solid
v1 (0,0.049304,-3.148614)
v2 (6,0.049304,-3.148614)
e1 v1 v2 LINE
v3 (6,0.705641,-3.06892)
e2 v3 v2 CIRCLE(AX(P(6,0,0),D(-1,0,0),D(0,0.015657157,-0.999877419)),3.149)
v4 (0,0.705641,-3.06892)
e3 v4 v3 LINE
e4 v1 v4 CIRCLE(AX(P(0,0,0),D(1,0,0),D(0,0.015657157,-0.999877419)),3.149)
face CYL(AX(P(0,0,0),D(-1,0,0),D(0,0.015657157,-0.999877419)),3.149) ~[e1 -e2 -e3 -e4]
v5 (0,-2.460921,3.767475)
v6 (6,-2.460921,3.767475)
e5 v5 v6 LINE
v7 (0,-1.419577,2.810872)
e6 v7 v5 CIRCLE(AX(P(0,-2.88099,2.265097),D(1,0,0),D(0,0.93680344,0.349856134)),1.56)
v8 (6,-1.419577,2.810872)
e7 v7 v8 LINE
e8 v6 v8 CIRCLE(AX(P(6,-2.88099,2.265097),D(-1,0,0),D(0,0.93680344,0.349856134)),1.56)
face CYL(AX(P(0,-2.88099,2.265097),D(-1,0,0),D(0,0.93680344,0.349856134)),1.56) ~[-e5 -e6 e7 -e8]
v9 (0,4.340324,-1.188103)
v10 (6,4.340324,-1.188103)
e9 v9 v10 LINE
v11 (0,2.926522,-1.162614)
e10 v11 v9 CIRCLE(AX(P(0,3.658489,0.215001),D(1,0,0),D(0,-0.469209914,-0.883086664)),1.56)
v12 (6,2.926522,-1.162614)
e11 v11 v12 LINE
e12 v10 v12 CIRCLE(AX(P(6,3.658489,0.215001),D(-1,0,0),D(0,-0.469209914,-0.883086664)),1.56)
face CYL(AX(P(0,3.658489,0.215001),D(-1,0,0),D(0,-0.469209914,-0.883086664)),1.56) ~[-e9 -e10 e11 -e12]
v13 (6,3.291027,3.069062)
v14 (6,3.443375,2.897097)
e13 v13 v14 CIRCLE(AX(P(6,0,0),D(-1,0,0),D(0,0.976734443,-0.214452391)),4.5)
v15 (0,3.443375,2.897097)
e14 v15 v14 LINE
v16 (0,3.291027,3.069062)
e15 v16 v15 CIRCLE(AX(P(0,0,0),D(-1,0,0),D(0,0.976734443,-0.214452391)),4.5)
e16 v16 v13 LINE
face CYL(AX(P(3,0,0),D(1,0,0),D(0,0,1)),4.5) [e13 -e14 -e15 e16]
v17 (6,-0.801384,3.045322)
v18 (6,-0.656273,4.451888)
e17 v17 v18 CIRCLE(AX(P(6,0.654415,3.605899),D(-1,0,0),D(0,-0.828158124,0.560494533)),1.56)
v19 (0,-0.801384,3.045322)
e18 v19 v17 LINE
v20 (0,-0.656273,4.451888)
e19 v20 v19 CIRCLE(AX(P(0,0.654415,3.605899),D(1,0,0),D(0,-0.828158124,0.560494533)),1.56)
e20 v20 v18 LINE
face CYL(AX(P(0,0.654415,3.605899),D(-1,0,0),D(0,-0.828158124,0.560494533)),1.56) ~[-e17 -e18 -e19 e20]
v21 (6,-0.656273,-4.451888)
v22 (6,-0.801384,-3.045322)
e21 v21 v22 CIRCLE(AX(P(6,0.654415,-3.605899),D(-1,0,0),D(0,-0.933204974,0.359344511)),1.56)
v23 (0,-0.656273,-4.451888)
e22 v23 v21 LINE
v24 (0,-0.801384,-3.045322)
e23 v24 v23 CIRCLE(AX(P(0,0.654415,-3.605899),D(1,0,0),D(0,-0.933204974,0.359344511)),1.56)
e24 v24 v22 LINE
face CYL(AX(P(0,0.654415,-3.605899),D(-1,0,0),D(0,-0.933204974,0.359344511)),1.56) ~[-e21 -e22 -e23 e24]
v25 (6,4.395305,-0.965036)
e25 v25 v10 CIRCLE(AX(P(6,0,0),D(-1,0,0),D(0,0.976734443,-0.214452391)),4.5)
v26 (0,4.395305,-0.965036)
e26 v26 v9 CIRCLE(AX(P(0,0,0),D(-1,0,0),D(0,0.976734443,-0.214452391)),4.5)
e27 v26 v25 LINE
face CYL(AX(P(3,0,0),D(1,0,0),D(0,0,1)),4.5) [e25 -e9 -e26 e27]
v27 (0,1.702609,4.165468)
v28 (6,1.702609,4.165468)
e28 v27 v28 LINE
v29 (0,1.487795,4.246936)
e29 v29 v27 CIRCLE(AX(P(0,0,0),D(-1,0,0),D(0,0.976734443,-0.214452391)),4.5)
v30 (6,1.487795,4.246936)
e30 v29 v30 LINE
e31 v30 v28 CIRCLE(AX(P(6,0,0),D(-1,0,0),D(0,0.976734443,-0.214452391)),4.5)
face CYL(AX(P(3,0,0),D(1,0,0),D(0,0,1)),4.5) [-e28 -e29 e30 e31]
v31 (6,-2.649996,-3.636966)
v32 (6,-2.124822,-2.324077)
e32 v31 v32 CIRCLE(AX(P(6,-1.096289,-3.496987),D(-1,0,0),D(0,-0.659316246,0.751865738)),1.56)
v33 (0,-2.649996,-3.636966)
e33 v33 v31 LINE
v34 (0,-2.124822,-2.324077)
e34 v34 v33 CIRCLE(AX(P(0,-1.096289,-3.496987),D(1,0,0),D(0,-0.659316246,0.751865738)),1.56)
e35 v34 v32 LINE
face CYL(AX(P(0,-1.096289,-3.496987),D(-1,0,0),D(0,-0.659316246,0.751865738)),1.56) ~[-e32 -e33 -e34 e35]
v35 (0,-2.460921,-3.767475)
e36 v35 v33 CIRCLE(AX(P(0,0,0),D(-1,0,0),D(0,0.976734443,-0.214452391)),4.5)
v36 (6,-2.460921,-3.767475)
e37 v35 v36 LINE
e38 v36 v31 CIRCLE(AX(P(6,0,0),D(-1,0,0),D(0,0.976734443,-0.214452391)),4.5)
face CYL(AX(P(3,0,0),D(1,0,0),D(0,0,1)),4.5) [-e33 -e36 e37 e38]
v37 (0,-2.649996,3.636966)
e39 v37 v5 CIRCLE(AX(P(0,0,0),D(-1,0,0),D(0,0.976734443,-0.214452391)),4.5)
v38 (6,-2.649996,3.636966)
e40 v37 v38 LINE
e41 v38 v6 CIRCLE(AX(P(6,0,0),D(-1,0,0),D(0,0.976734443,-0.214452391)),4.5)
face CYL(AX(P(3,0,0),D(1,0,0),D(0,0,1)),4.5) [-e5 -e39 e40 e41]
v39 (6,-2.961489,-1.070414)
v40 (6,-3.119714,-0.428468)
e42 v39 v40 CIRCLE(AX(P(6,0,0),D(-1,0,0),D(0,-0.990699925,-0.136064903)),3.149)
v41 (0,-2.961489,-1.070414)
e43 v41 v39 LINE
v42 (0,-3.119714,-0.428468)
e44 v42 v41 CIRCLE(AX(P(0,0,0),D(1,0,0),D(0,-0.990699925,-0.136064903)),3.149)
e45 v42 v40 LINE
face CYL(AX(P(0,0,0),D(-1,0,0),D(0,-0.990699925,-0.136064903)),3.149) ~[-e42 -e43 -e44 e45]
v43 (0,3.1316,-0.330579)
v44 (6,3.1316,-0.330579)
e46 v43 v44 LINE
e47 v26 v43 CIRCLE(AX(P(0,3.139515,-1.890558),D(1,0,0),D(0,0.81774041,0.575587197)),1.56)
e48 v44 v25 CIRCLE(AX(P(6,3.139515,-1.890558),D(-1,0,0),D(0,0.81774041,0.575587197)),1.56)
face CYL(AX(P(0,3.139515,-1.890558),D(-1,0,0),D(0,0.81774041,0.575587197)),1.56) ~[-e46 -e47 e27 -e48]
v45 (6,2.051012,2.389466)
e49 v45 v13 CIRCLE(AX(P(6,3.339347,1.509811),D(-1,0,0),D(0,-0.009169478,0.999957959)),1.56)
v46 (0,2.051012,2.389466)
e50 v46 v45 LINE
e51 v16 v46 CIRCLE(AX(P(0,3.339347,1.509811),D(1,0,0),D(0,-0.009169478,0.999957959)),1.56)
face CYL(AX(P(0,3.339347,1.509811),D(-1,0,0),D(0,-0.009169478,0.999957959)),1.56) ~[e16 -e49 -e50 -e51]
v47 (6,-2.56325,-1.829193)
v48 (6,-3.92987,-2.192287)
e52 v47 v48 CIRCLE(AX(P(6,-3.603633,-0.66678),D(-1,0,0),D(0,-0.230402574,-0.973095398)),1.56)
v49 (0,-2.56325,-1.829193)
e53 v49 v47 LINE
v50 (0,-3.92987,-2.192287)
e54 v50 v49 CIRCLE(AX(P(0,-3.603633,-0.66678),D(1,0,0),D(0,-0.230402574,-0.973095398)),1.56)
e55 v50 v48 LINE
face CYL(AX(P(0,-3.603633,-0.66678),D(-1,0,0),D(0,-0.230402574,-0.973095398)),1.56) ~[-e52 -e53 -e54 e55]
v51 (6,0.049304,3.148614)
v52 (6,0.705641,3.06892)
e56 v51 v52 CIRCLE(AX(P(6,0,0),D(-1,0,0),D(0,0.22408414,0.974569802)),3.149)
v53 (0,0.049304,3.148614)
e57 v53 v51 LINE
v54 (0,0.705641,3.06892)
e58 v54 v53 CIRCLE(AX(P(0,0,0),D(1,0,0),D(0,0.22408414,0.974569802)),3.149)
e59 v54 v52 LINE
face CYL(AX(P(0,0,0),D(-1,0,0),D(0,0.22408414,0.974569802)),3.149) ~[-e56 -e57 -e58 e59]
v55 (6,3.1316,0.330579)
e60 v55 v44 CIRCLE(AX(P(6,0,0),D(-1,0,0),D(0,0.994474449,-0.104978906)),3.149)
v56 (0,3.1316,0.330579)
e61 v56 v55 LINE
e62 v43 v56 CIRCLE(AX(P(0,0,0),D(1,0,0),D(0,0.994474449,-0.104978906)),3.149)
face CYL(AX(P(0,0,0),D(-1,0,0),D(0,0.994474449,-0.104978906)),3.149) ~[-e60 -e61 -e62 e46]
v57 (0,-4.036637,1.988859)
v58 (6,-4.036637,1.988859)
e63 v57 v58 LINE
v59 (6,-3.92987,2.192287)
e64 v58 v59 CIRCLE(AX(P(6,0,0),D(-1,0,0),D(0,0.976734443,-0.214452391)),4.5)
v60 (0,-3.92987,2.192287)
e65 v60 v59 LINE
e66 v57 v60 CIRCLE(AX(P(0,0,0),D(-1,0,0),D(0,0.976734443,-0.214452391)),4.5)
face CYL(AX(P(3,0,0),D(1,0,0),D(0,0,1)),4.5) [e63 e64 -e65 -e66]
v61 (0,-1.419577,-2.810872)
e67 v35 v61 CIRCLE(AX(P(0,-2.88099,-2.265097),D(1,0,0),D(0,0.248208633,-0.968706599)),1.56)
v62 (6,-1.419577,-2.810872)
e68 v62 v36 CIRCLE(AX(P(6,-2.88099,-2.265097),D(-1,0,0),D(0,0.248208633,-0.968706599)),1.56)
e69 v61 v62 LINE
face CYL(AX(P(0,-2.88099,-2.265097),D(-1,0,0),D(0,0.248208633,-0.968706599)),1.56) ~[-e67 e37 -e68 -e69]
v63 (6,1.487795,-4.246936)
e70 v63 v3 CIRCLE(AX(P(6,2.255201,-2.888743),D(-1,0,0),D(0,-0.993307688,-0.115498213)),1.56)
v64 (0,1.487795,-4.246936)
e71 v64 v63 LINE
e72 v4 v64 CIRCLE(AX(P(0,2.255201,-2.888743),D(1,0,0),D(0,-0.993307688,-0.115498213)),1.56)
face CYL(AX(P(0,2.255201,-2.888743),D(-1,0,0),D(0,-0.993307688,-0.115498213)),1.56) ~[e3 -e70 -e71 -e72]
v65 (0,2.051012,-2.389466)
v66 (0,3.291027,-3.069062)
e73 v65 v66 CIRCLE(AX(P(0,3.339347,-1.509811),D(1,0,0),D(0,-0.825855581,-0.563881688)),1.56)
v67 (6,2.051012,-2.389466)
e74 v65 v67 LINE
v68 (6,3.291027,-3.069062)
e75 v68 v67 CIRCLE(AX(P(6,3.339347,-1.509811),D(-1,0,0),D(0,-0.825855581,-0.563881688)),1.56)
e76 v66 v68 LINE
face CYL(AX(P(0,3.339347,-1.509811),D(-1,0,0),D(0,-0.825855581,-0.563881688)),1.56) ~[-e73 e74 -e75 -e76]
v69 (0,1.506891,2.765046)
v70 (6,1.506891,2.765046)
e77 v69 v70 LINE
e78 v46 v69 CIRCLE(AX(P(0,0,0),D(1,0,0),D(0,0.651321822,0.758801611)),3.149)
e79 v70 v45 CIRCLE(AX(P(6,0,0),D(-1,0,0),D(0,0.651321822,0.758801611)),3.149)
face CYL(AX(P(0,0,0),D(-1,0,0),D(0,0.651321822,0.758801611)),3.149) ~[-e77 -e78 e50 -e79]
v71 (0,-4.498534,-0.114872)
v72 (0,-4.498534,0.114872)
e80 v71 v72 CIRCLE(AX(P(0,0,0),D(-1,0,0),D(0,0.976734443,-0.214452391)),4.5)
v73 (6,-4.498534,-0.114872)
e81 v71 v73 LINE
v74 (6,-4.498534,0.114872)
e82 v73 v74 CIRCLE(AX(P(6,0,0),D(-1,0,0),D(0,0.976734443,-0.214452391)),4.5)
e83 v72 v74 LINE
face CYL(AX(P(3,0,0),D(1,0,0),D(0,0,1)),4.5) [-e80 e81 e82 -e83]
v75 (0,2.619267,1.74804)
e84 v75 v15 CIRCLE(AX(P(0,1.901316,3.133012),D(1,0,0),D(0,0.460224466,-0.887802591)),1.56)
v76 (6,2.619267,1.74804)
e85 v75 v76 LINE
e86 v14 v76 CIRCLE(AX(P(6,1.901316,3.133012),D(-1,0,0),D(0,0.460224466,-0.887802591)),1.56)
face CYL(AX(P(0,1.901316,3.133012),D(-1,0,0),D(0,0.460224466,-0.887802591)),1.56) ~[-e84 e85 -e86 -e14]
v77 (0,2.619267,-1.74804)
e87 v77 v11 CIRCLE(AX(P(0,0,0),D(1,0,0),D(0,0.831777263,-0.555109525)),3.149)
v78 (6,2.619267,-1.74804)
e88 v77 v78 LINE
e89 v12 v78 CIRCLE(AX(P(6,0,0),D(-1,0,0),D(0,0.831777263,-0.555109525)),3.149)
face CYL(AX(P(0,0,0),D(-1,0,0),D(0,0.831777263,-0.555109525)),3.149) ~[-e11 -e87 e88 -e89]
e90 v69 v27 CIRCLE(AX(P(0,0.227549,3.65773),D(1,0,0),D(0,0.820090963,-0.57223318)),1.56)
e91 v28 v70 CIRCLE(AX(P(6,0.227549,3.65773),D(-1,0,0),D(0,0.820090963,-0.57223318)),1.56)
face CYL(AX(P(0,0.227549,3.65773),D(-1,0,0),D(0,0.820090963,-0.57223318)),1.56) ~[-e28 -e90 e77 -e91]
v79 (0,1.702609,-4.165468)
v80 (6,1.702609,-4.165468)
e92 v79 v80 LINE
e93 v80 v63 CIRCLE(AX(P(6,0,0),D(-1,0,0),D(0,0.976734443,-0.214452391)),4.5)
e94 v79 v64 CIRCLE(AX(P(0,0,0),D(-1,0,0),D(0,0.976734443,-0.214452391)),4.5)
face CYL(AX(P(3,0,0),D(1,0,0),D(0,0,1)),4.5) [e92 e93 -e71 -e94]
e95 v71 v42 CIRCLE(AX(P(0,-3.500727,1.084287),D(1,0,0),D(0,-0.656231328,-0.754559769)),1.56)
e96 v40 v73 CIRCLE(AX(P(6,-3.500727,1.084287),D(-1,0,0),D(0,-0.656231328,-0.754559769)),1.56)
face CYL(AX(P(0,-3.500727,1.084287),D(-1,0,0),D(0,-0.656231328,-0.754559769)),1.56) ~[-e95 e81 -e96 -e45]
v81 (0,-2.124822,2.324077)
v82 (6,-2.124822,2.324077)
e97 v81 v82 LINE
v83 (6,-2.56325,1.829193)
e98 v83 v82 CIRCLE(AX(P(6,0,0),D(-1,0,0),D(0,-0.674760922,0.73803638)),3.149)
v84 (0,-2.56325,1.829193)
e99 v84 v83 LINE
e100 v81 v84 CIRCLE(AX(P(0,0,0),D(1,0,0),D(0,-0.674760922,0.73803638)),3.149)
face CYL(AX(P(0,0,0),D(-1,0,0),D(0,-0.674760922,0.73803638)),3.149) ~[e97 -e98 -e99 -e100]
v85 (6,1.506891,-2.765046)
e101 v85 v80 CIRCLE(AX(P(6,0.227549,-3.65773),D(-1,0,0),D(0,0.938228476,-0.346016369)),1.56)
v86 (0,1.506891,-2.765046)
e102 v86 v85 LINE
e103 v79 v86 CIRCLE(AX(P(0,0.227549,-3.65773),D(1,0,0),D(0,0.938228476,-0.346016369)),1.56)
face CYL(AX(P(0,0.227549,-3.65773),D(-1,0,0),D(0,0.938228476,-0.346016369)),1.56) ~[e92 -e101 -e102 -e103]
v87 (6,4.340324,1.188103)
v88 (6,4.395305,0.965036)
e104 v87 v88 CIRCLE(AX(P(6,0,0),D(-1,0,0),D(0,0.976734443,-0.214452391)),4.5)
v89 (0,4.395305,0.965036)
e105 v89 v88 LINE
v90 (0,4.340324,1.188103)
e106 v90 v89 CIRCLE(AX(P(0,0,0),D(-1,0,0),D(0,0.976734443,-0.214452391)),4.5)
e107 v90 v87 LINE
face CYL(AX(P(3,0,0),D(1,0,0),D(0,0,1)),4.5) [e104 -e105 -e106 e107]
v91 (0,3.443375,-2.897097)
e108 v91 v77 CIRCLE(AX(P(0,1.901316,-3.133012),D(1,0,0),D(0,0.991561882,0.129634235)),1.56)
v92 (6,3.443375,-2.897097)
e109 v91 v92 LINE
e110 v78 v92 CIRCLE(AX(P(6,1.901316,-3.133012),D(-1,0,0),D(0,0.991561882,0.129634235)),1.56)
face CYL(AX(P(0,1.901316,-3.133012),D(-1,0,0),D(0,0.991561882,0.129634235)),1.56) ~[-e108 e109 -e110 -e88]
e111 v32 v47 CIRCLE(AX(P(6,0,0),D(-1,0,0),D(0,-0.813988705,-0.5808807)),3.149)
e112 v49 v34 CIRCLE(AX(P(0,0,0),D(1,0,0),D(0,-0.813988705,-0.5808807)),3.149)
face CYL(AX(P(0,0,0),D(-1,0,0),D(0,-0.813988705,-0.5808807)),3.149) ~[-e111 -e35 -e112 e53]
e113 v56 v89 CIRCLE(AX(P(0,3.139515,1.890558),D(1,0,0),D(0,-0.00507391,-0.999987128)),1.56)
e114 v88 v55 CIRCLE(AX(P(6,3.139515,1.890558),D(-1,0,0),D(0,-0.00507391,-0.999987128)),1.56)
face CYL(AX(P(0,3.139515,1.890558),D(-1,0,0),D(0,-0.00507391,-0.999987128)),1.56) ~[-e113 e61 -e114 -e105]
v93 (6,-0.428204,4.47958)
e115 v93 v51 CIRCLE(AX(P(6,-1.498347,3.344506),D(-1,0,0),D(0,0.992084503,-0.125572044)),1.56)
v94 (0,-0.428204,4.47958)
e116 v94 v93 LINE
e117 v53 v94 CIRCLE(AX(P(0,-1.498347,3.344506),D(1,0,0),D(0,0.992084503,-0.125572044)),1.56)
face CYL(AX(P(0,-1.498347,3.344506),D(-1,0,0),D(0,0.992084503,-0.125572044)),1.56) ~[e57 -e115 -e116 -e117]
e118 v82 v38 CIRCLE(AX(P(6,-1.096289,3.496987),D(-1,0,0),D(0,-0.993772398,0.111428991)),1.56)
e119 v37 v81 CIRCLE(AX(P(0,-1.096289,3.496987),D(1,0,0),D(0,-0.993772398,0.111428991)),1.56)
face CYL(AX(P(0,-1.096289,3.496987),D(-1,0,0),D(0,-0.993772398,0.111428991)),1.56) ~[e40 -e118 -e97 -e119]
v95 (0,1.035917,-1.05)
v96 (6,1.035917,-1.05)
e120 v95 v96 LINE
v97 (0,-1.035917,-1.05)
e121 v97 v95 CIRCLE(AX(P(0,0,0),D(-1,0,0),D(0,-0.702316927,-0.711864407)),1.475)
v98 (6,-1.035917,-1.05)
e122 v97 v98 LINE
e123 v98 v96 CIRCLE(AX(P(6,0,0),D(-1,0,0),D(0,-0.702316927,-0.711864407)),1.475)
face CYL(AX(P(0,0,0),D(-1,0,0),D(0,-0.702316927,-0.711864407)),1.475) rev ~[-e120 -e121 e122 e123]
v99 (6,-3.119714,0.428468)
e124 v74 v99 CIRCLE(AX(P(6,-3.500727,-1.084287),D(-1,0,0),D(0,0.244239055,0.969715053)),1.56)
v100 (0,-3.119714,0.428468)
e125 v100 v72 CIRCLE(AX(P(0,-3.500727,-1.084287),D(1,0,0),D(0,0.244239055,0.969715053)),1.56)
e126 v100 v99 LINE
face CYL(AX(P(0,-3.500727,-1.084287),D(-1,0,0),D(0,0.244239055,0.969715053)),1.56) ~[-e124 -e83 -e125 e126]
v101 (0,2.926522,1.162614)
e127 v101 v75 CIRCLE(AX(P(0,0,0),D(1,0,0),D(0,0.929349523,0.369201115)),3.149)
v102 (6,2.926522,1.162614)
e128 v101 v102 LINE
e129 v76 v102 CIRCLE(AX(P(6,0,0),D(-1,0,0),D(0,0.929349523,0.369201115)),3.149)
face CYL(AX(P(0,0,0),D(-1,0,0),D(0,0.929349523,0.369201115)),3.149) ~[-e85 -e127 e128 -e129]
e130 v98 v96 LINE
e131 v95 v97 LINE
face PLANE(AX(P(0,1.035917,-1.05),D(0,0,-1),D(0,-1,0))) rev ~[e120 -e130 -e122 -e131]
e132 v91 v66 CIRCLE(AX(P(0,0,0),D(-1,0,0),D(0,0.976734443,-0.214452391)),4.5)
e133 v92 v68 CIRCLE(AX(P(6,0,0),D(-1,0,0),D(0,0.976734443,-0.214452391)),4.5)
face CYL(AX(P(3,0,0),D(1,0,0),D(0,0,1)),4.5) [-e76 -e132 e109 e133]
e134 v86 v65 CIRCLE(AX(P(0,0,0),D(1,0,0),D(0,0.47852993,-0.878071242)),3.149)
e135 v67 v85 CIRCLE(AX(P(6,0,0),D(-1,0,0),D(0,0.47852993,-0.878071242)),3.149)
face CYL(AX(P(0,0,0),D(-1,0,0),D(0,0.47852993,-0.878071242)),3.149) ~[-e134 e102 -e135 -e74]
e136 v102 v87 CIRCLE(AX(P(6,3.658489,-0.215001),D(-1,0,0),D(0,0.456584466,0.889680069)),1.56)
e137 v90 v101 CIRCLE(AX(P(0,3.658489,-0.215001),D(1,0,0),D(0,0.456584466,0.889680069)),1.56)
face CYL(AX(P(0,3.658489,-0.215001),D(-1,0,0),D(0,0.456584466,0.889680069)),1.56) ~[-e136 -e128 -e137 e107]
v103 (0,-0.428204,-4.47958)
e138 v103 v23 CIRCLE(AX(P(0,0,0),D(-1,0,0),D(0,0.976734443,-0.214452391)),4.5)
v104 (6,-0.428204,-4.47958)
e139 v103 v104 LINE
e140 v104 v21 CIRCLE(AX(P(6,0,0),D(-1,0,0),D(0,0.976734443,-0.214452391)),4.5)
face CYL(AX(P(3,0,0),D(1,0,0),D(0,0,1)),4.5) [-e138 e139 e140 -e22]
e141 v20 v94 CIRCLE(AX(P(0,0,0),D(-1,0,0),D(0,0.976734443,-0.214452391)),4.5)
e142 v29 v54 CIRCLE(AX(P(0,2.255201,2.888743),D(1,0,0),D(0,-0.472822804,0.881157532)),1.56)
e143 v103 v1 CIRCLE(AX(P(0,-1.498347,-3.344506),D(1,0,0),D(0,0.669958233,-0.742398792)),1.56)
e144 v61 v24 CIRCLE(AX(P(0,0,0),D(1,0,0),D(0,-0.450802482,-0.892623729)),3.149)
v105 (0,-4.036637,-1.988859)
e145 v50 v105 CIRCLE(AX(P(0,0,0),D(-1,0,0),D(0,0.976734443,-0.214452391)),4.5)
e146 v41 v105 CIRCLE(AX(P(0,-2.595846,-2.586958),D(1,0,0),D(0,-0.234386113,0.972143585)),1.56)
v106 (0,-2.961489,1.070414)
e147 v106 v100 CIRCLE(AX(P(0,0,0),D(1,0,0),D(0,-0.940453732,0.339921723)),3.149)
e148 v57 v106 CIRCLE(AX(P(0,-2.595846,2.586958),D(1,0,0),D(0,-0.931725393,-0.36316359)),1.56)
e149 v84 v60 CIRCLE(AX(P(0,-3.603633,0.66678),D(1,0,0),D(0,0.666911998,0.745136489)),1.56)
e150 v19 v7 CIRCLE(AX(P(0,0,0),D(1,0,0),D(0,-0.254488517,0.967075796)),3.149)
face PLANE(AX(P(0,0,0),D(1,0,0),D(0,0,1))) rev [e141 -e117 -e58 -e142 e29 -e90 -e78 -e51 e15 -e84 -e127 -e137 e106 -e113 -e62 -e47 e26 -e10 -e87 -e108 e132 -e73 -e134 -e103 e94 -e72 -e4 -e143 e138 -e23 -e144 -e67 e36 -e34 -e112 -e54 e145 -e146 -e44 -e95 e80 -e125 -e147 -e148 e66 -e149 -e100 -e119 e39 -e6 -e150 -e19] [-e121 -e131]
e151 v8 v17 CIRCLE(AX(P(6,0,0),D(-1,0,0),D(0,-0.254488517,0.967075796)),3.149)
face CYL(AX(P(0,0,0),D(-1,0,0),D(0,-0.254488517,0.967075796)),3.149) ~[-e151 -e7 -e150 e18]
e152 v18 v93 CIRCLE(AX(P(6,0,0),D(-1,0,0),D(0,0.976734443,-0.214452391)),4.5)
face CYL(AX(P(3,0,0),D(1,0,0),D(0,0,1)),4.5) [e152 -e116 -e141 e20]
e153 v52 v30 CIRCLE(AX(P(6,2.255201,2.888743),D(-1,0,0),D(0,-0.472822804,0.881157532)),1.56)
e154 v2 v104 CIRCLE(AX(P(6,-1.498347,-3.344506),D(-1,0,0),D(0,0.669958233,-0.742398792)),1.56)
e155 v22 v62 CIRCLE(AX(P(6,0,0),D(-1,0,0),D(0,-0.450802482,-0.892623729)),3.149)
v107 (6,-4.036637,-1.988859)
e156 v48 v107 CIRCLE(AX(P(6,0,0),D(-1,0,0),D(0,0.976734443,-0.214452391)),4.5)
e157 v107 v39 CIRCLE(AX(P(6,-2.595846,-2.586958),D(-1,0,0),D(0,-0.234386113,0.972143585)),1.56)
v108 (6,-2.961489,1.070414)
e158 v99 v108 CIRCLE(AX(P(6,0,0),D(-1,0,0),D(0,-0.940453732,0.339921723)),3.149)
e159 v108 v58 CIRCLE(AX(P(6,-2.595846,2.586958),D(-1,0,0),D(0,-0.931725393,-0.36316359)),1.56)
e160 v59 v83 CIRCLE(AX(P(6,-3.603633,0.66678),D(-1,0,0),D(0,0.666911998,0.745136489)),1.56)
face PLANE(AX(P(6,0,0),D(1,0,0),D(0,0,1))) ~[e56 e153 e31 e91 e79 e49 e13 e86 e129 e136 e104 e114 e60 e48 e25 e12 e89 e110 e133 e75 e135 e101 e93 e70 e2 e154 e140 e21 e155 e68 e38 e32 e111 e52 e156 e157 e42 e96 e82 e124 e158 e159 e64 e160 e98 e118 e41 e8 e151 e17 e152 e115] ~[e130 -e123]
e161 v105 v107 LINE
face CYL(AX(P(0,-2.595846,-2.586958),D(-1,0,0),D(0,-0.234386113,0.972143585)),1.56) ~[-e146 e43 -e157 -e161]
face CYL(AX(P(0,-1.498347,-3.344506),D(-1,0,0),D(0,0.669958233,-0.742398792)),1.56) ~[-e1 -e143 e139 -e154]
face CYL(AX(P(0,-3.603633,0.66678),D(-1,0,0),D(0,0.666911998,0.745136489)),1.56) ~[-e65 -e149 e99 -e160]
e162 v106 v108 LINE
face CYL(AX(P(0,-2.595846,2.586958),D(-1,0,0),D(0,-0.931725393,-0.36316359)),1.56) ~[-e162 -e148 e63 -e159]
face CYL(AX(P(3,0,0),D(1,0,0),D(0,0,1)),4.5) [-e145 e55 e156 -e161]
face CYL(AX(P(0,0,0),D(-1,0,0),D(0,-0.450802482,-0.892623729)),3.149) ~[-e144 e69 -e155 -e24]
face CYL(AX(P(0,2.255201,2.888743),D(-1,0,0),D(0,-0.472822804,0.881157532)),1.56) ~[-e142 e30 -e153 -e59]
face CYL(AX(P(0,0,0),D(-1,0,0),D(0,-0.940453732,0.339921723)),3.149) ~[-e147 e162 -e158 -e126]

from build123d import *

# Parameters (mm, degrees)
BASPROSKE_W        = 6
BASPROSKE_H        = 4.5
TOOTHCUT_DEPTH     = 9.746427842
TEETHCUTS_COUNT    = 13
CUT_EXTRUDE1_REACH = 10.736


with BuildPart() as part:
    # BasProSke → Base-Revolve (revolve)
    with BuildSketch(Plane(origin=(0, 0, 0), x_dir=(1, 0, 0), z_dir=(0, 1, 0)), mode=Mode.PRIVATE) as base_revolve_sk:
        with Locations((3, 2.25)):
            Rectangle(BASPROSKE_W, BASPROSKE_H)
    revolve(base_revolve_sk.sketch.rotate(Axis((-10, 0, 0), (1, 0, 0)), 180), axis=Axis((-10, 0, 0), (1, 0, 0)))

    # TooCutSke → ToothCut (cut, through all)
    with BuildSketch(Plane(origin=(0, 0, 0), x_dir=(0, 0, -1), z_dir=(1, 0, 0))):
        with BuildLine():
            ThreePointArc((0.330578579, 3.131600039), (0, 3.149), (-0.330578579, 3.131600039))
            ThreePointArc((-0.330578579, 3.131600039), (-0.504119116, 3.854627805), (-0.992642471, 4.415190379))
            ThreePointArc((-0.992642471, 4.415190379), (0, 4.5254), (0.992642471, 4.415190379))
            ThreePointArc((0.992642471, 4.415190379), (0.504119116, 3.854627805), (0.330578579, 3.131600039))
        make_face()
    toothcut = extrude(amount=TOOTHCUT_DEPTH, mode=Mode.SUBTRACT)

    # TeethCuts: ToothCut ×13 about axis
    teethcuts_axis = Axis((0, 0, 0), (1, 0, 0))
    for i in range(1, TEETHCUTS_COUNT):
        add(toothcut.rotate(teethcuts_axis, i * 360 / TEETHCUTS_COUNT), mode=Mode.SUBTRACT)

    # Sketch1 → Cut-Extrude1 (cut, up to next)
    with BuildSketch(Plane.ZY, mode=Mode.PRIVATE) as cut_extrude1_sk1:
        with BuildLine():
            Line((-1.05, 1.035917468), (-1.05, -1.035917468))
            ThreePointArc((-1.05, -1.035917468), (1.475, 0), (-1.05, 1.035917468))
        make_face()
    cut_extrude1_tool1 = extrude(cut_extrude1_sk1.sketch, amount=-CUT_EXTRUDE1_REACH, mode=Mode.PRIVATE) & part.part
    add(cut_extrude1_tool1.solids().sort_by_distance((0, 0, 0.118985))[0], mode=Mode.SUBTRACT)


solid = part.part
